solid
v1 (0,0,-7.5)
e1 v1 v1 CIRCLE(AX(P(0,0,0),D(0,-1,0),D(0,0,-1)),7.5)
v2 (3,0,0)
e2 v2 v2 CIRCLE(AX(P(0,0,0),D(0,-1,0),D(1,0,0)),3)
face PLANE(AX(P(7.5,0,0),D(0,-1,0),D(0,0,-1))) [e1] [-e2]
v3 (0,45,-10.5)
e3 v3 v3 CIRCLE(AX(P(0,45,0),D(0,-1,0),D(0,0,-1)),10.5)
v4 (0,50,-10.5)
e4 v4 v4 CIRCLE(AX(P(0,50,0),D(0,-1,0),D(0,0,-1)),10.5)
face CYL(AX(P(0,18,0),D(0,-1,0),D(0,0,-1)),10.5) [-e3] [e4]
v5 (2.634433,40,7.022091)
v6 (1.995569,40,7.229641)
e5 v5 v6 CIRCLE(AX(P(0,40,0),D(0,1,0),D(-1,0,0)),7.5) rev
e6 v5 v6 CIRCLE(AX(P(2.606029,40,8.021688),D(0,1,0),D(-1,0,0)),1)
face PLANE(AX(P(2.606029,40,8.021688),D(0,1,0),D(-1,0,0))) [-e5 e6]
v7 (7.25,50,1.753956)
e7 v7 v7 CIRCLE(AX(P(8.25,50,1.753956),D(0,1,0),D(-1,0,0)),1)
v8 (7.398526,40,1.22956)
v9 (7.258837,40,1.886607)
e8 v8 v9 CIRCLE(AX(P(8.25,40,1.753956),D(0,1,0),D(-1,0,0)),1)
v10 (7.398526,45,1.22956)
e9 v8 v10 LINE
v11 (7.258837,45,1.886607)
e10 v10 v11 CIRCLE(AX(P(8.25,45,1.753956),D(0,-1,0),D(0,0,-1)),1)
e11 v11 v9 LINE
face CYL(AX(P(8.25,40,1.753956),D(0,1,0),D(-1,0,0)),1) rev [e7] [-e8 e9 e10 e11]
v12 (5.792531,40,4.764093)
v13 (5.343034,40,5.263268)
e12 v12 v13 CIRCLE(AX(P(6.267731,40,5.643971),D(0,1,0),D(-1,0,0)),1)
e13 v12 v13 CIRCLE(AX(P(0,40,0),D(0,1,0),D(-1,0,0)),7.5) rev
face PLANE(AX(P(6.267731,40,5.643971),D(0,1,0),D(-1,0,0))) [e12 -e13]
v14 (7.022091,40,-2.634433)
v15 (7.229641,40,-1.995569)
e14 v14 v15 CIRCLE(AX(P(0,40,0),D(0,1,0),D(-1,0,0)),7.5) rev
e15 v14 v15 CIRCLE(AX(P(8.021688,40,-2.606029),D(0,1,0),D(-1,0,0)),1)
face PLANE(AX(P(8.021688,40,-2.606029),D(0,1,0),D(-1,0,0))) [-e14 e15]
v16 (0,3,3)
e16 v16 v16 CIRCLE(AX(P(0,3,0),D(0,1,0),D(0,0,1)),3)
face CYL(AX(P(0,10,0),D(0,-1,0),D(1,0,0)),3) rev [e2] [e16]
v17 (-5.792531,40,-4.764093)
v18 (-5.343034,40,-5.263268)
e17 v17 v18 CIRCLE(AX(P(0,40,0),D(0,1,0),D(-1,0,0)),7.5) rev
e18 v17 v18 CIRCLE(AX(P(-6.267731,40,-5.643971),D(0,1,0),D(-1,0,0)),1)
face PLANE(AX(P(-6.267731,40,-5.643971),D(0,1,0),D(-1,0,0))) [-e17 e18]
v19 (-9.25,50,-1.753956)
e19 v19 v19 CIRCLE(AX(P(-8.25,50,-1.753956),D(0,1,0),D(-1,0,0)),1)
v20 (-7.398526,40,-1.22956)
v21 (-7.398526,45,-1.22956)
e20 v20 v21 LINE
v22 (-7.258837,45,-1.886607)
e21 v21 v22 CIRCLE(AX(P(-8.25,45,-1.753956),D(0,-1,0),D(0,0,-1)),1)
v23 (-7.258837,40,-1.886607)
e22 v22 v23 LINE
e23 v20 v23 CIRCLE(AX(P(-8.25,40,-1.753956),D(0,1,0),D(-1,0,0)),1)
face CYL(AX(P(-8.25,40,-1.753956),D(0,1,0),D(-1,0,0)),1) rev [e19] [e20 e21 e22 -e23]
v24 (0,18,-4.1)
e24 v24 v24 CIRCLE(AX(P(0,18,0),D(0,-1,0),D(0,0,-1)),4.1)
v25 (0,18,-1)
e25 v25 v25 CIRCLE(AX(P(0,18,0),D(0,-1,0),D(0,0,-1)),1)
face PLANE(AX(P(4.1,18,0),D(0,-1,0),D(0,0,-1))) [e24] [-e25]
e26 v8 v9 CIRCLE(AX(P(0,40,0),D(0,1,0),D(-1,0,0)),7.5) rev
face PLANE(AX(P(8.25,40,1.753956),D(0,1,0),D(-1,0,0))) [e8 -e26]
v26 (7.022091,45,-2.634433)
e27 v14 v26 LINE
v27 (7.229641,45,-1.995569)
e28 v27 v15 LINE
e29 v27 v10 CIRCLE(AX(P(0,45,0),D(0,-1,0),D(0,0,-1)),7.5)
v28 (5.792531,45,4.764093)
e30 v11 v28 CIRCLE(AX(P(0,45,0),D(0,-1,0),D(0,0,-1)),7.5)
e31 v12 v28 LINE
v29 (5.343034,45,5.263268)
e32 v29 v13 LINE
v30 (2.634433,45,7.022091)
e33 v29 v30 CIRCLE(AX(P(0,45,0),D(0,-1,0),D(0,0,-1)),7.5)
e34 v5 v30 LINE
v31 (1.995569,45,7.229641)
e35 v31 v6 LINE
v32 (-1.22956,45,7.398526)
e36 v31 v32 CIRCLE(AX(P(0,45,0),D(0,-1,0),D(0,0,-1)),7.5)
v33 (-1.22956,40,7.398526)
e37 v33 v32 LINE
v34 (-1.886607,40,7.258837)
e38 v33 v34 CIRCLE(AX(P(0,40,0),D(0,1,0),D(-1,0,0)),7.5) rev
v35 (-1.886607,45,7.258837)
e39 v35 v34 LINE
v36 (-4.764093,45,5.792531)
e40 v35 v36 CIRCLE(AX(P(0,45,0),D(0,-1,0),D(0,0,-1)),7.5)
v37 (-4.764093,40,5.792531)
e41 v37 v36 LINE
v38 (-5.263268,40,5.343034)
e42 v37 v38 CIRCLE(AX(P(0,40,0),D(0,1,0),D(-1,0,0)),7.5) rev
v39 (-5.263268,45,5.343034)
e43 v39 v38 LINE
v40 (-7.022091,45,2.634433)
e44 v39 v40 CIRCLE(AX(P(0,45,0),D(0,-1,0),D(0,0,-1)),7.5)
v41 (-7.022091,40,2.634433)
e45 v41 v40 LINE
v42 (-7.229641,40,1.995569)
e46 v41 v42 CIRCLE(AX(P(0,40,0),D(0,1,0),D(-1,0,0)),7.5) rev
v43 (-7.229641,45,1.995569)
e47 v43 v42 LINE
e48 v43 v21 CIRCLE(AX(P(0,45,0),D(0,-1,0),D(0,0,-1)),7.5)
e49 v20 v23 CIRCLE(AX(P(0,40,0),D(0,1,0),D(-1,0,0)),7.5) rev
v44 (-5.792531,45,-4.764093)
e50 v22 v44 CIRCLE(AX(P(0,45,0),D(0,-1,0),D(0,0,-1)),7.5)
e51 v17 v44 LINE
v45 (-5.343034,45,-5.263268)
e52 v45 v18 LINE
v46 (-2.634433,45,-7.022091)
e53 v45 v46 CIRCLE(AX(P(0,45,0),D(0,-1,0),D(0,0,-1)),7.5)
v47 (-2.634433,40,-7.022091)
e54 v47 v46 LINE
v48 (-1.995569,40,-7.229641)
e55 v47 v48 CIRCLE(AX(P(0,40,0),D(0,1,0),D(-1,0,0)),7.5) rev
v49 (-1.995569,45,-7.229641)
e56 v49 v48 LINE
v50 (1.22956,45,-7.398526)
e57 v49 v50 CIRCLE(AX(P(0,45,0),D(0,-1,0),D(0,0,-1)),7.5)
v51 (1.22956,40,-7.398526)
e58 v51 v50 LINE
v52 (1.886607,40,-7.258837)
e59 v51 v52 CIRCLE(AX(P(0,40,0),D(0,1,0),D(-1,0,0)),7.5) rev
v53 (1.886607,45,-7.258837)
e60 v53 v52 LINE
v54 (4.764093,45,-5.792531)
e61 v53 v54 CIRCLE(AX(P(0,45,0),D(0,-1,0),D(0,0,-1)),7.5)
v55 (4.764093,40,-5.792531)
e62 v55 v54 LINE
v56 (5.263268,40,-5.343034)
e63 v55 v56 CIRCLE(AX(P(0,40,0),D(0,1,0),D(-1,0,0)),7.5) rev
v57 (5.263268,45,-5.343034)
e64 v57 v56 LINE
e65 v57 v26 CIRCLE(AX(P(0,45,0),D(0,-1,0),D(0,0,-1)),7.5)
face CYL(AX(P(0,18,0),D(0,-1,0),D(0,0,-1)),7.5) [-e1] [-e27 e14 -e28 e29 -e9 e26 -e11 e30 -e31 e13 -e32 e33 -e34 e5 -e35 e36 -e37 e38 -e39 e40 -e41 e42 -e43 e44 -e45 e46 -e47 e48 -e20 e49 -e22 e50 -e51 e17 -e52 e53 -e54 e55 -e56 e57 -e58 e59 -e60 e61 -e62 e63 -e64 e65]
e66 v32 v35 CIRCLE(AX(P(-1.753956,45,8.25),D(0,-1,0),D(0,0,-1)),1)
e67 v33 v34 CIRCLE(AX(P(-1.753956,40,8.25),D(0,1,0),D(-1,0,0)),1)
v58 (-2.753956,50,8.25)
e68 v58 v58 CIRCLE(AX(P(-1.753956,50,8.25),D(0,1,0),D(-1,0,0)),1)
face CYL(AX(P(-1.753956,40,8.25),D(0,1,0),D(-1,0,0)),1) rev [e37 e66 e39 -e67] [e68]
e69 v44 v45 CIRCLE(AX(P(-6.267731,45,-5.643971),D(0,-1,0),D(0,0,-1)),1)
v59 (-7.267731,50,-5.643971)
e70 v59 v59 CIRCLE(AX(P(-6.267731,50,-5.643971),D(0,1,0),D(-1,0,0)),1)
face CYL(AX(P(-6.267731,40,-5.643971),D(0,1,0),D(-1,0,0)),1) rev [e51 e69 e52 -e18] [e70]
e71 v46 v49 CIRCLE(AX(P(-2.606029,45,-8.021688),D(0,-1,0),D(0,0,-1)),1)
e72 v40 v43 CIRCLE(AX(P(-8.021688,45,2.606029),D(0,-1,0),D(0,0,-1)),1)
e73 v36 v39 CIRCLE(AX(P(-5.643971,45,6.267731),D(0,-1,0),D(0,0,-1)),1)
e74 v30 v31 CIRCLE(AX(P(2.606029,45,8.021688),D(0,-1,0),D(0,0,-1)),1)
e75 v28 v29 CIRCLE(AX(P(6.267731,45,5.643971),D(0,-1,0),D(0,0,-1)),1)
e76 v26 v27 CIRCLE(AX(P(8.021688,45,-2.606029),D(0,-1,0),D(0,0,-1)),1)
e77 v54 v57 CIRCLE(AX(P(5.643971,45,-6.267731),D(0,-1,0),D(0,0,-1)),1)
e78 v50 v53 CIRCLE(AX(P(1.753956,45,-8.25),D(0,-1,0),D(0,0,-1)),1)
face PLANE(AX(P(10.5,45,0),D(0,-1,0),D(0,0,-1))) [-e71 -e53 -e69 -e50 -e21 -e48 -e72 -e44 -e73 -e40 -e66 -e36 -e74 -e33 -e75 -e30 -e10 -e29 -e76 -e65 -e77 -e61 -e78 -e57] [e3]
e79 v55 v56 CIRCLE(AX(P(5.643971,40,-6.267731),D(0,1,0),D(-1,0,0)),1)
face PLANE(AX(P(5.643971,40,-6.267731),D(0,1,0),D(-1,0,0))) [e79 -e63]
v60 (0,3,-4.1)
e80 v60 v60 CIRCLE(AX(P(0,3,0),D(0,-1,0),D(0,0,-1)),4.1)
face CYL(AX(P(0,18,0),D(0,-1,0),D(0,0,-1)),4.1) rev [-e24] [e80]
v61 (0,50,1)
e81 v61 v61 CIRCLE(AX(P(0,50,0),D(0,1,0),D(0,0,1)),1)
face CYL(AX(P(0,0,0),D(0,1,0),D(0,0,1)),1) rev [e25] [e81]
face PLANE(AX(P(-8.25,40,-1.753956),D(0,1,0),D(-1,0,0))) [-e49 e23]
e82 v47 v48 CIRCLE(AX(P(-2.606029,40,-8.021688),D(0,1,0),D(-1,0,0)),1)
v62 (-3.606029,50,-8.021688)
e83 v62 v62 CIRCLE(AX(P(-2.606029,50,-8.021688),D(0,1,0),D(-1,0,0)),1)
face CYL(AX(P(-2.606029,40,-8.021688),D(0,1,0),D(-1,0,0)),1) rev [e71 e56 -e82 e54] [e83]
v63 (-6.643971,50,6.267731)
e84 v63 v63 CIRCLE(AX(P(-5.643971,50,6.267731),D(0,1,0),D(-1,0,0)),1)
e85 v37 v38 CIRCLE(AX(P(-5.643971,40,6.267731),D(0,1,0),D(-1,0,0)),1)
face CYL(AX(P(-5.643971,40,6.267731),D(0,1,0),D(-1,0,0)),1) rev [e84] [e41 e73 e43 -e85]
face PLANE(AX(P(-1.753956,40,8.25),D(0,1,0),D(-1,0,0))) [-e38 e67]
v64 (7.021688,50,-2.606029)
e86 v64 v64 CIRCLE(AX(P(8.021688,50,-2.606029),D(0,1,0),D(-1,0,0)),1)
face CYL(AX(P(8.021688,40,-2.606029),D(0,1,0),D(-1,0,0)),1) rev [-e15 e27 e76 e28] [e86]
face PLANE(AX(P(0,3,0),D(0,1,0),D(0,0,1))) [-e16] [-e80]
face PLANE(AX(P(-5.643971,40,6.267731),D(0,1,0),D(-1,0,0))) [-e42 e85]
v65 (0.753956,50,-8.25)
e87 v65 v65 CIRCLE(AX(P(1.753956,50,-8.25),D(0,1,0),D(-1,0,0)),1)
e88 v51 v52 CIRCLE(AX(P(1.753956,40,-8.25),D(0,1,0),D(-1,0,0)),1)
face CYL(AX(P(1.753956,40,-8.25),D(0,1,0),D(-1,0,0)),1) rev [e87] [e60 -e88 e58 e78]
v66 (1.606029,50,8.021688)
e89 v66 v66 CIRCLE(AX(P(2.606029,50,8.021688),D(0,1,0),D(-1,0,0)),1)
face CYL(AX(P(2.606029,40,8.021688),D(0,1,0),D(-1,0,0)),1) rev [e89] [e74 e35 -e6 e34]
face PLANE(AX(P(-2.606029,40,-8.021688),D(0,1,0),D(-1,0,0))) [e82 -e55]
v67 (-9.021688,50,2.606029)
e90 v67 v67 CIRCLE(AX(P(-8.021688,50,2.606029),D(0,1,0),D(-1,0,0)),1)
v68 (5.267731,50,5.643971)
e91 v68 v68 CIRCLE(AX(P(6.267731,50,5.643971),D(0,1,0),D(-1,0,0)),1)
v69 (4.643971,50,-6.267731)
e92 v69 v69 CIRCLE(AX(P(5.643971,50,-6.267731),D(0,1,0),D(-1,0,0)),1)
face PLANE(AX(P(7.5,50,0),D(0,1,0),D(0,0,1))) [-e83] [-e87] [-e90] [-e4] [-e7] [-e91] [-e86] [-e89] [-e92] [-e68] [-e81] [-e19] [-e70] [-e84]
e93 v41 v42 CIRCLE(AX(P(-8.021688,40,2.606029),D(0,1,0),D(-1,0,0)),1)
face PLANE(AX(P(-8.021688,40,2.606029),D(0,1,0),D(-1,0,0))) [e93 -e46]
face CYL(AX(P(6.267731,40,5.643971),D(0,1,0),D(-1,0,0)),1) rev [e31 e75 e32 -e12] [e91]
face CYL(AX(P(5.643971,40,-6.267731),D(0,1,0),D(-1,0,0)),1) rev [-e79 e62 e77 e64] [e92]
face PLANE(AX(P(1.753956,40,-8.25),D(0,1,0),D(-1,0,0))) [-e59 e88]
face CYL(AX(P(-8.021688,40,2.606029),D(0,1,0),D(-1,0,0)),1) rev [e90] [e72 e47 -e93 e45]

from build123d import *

# Parameters (mm, degrees)
SKETCH2_R          = 1
CUT_EXTRUDE1_DEPTH = 10
SKETCH3_R          = 3
CUT_EXTRUDE3_DEPTH = 10
SKETCH4_R          = 1
CUT_EXTRUDE4_DEPTH = 53.158412553


with BuildPart() as part:
    # Sketch1 → Revolve1 (revolve)
    with BuildSketch(Plane.XY, mode=Mode.PRIVATE) as revolve1_sk:
        Polygon((0, 0), (0, 3), (4.1, 3), (4.1, 18), (0, 18), (0, 50), (7.5, 50), (10.5, 50), (10.5, 45), (7.5, 45), (7.5, 0), align=None)
    revolve(revolve1_sk.sketch.rotate(Axis((0, 18, 0), (0, 1, 0)), 90), axis=Axis((0, 18, 0), (0, 1, 0)))

    # Sketch2 → Cut-Extrude1 (cut)
    with BuildSketch(Plane(origin=(0, 50, 0), x_dir=(1, 0, 0), z_dir=(0, 1, 0))):
        with Locations(Location((-2.60602925, 8.021687752, 0), (0, 0, 180))):
            Circle(SKETCH2_R)
        with Locations(Location((1.753956343, 8.25, 0), (0, 0, 180))):
            Circle(SKETCH2_R)
        with Locations(Location((5.64397075, 6.26773141, 0), (0, 0, 180))):
            Circle(SKETCH2_R)
        with Locations(Location((8.021687752, 2.60602925, 0), (0, 0, 180))):
            Circle(SKETCH2_R)
        with Locations(Location((8.25, -1.753956343, 0), (0, 0, 180))):
            Circle(SKETCH2_R)
        with Locations(Location((6.26773141, -5.64397075, 0), (0, 0, 180))):
            Circle(SKETCH2_R)
        with Locations(Location((2.60602925, -8.021687752, 0), (0, 0, 180))):
            Circle(SKETCH2_R)
        with Locations(Location((-1.753956343, -8.25, 0), (0, 0, 180))):
            Circle(SKETCH2_R)
        with Locations(Location((-5.64397075, -6.26773141, 0), (0, 0, 180))):
            Circle(SKETCH2_R)
        with Locations(Location((-8.021687752, -2.60602925, 0), (0, 0, 180))):
            Circle(SKETCH2_R)
        with Locations(Location((-8.25, 1.753956343, 0), (0, 0, 180))):
            Circle(SKETCH2_R)
        with Locations(Location((-6.26773141, 5.64397075, 0), (0, 0, 180))):
            Circle(SKETCH2_R)
    extrude(amount=-CUT_EXTRUDE1_DEPTH, mode=Mode.SUBTRACT)

    # Sketch3 → Cut-Extrude3 (cut)
    with BuildSketch(Plane.XZ):
        Circle(SKETCH3_R)
    extrude(amount=-CUT_EXTRUDE3_DEPTH, mode=Mode.SUBTRACT)

    # Sketch4 → Cut-Extrude4 (cut, through all)
    with BuildSketch(Plane(origin=(0, 50, 0), x_dir=(1, 0, 0), z_dir=(0, 1, 0))):
        with Locations(Location((0, 0, 0), (0, 0, 270))):
            Circle(SKETCH4_R)
    extrude(amount=-CUT_EXTRUDE4_DEPTH, mode=Mode.SUBTRACT)


solid = part.part
